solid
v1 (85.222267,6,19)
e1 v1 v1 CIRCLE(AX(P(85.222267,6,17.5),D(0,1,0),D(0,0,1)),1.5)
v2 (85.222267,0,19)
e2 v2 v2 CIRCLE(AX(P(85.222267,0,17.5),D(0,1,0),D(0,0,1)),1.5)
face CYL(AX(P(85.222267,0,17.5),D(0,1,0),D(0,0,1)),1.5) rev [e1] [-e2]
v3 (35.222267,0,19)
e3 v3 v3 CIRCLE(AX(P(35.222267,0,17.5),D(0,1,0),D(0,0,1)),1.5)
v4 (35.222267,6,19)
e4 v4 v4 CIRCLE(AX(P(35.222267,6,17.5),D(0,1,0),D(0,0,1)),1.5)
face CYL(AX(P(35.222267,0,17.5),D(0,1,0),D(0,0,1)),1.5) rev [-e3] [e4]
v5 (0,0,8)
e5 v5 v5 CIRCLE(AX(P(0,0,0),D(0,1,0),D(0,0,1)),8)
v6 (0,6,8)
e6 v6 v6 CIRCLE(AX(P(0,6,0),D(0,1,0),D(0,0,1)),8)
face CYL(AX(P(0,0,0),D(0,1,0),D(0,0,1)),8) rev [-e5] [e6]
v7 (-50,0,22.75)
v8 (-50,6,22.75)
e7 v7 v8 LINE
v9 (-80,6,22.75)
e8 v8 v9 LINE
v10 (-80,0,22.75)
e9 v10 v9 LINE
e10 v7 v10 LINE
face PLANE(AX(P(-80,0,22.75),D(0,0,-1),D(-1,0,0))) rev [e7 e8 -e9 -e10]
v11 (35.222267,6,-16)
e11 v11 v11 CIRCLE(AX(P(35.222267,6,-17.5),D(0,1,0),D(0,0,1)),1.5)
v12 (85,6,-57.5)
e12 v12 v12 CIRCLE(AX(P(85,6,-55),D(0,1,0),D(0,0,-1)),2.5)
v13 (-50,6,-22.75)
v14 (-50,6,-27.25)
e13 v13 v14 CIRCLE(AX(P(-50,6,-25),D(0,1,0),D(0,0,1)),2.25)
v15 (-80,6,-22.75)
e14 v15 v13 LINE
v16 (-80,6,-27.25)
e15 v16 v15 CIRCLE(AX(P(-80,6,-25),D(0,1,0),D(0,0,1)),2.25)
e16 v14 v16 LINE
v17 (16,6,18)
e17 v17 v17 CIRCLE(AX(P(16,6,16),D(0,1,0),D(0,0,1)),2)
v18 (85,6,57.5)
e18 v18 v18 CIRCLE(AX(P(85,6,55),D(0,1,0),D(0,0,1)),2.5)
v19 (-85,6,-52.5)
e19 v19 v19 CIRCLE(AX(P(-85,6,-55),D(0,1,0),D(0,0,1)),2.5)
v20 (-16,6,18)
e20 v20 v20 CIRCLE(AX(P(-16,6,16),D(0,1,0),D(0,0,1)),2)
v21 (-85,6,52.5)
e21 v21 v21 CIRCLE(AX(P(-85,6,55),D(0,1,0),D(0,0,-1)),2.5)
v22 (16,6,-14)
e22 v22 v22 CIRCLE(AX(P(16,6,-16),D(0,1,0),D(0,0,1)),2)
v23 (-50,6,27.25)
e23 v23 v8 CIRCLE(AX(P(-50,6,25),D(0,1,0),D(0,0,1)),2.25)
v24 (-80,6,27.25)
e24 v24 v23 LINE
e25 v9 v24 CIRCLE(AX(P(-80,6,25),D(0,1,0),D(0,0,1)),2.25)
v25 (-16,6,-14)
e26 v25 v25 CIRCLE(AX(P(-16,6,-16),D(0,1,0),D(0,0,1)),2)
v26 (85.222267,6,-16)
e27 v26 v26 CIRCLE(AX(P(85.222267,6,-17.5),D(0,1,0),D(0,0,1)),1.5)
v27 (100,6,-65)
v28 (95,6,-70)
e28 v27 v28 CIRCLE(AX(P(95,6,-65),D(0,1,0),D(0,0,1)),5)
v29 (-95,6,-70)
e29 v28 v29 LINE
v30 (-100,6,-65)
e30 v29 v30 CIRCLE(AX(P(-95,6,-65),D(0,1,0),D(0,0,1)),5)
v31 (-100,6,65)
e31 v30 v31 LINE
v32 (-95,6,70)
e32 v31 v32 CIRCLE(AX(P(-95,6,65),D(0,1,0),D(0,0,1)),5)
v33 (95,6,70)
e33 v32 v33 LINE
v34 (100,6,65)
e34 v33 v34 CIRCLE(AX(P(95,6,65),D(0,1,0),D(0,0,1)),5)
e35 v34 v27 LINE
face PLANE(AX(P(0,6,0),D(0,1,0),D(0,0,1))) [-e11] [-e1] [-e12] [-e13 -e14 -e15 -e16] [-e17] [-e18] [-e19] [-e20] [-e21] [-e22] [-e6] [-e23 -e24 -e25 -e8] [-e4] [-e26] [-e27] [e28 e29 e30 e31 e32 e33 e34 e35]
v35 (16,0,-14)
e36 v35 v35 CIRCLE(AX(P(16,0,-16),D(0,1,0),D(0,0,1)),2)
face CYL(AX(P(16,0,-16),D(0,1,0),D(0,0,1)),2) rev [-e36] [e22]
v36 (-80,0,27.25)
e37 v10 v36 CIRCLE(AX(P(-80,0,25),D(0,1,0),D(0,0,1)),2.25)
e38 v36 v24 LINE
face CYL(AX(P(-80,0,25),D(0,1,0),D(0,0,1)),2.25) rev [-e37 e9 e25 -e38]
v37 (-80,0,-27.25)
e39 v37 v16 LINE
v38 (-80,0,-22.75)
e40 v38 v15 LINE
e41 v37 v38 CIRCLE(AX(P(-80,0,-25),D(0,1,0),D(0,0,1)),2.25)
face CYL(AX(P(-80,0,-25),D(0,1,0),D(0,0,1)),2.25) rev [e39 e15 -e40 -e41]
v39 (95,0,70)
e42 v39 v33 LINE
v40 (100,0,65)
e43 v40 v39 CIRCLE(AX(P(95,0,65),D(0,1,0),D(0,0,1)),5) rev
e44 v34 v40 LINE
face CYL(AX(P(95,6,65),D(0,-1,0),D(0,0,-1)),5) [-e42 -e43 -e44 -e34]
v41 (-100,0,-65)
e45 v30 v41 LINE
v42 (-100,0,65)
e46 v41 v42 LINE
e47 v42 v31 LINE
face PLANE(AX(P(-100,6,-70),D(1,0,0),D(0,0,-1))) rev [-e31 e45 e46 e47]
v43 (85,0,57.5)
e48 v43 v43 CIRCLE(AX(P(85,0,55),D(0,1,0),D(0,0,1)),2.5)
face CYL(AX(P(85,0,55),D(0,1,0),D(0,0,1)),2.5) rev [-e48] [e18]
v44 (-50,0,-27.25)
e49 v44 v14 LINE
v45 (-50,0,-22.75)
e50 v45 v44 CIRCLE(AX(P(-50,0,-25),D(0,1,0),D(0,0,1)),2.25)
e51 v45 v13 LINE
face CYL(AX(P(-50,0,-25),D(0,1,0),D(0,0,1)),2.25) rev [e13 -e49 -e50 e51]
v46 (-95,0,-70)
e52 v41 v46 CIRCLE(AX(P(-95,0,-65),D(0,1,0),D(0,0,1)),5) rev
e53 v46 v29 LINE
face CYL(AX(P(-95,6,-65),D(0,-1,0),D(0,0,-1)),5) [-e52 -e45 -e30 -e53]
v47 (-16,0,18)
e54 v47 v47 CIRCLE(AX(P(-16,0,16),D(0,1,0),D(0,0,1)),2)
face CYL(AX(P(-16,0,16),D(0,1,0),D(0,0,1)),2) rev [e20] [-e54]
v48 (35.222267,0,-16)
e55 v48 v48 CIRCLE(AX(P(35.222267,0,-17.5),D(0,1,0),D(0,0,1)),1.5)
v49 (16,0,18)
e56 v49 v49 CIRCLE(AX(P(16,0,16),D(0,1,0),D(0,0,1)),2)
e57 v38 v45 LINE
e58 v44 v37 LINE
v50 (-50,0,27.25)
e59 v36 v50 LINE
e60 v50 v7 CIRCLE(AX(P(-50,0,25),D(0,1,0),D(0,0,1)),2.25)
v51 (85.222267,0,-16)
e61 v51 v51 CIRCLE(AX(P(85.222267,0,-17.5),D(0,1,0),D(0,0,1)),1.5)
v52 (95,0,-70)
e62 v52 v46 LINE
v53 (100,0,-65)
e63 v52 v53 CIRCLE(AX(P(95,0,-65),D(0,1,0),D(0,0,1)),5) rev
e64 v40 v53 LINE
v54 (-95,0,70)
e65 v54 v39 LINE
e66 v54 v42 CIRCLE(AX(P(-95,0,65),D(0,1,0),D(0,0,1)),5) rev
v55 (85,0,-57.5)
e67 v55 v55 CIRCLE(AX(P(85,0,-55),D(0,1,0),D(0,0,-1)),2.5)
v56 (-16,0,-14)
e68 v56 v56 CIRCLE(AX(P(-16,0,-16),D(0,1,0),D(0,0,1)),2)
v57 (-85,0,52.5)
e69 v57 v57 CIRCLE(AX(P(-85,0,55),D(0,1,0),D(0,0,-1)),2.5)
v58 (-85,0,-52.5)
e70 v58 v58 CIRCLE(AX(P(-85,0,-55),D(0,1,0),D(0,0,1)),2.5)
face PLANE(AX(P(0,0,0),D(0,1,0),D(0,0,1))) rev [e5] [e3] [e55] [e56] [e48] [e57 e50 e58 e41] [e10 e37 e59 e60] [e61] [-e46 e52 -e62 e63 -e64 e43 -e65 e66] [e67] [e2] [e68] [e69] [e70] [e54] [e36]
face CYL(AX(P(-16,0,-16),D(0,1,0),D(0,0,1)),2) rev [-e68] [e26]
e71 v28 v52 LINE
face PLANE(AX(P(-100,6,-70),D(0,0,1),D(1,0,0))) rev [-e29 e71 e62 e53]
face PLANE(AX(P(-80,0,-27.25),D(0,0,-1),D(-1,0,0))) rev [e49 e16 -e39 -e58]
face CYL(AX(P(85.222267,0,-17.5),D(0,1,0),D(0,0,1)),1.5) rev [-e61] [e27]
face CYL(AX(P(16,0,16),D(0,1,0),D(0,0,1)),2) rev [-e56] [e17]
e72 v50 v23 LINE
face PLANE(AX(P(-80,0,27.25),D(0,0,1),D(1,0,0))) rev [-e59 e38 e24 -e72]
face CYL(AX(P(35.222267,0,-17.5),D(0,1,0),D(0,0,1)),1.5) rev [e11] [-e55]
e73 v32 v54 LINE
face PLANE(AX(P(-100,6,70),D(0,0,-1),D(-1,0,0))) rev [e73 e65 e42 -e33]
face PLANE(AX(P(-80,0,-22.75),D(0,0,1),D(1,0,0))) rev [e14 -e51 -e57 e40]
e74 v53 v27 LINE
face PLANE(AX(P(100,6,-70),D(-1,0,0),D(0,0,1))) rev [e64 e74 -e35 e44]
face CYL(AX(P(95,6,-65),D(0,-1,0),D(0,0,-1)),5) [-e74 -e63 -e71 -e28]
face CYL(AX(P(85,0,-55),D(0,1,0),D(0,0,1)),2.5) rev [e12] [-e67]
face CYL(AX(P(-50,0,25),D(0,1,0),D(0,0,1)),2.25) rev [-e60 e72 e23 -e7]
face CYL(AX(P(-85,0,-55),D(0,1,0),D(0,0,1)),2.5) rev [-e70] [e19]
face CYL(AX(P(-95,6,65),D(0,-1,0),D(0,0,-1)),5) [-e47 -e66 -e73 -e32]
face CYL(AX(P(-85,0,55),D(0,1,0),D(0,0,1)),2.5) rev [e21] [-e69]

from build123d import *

# Parameters (mm, degrees)
SKETCH2_W           = 200
SKETCH2_H           = 140
BOSS_EXTRUDE1_DEPTH = 6
FILLET1_R           = 5
SKETCH3_R           = 2.5
CUT_EXTRUDE1_DEPTH  = 123.21292894
SKETCH4_R           = 8
CUT_EXTRUDE2_DEPTH  = 123.21292894
SKETCH5_R           = 2
CUT_EXTRUDE3_DEPTH  = 123.21292894
CUT_EXTRUDE4_DEPTH  = 123.21292894
SKETCH7_R           = 1.5
CUT_EXTRUDE5_DEPTH  = 123.21292894


with BuildPart() as part:
    # Sketch2 → Boss-Extrude1 (new body)
    with BuildSketch(Plane(origin=(0, 0, 0), x_dir=(1, 0, 0), z_dir=(0, 1, 0))):
        Rectangle(SKETCH2_W, SKETCH2_H)
    extrude(amount=BOSS_EXTRUDE1_DEPTH)

    # Fillet1
    fillet1_edges = [part.edges().sort_by_distance(p)[0] for p in [
        (100, 3, 70),
        (-100, 3, 70),
        (-100, 3, -70),
        (100, 3, -70),
    ]]
    fillet(fillet1_edges, radius=FILLET1_R)

    # Sketch3 → Cut-Extrude1 (cut, through all)
    with BuildSketch(Plane(origin=(0, 6, 0), x_dir=(1, 0, 0), z_dir=(0, 1, 0))):
        with Locations(Location((-85, 55, 0), (0, 0, 270))):
            Circle(SKETCH3_R)
        with Locations(Location((-85, -55, 0), (0, 0, 90))):
            Circle(SKETCH3_R)
        with Locations(Location((85, -55, 0), (0, 0, 270))):
            Circle(SKETCH3_R)
        with Locations(Location((85, 55, 0), (0, 0, 90))):
            Circle(SKETCH3_R)
    extrude(amount=-CUT_EXTRUDE1_DEPTH, mode=Mode.SUBTRACT)

    # Sketch4 → Cut-Extrude2 (cut, through all)
    with BuildSketch(Plane(origin=(0, 6, 0), x_dir=(1, 0, 0), z_dir=(0, 1, 0))):
        with Locations(Location((0, 0, 0), (0, 0, 270))):
            Circle(SKETCH4_R)
    extrude(amount=-CUT_EXTRUDE2_DEPTH, mode=Mode.SUBTRACT)

    # Sketch5 → Cut-Extrude3 (cut, through all)
    with BuildSketch(Plane(origin=(0, 6, 0), x_dir=(1, 0, 0), z_dir=(0, 1, 0))):
        with Locations(Location((16, 16, 0), (0, 0, 270))):
            Circle(SKETCH5_R)
        with Locations(Location((16, -16, 0), (0, 0, 270))):
            Circle(SKETCH5_R)
        with Locations(Location((-16, -16, 0), (0, 0, 270))):
            Circle(SKETCH5_R)
        with Locations(Location((-16, 16, 0), (0, 0, 270))):
            Circle(SKETCH5_R)
    extrude(amount=-CUT_EXTRUDE3_DEPTH, mode=Mode.SUBTRACT)

    # Sketch6 → Cut-Extrude4 (cut, through all)
    with BuildSketch(Plane(origin=(0, 6, 0), x_dir=(1, 0, 0), z_dir=(0, 1, 0))):
        with BuildLine():
            Line((-80, 27.25), (-50, 27.25))
            ThreePointArc((-50, 27.25), (-47.75, 25), (-50, 22.75))
            Line((-50, 22.75), (-80, 22.75))
            ThreePointArc((-80, 22.75), (-82.25, 25), (-80, 27.25))
        make_face()
        with BuildLine():
            Line((-80, -22.75), (-50, -22.75))
            ThreePointArc((-50, -22.75), (-47.75, -25), (-50, -27.25))
            Line((-50, -27.25), (-80, -27.25))
            ThreePointArc((-80, -27.25), (-82.25, -25), (-80, -22.75))
        make_face()
    extrude(amount=-CUT_EXTRUDE4_DEPTH, mode=Mode.SUBTRACT)

    # Sketch7 → Cut-Extrude5 (cut, through all)
    with BuildSketch(Plane(origin=(0, 6, 0), x_dir=(1, 0, 0), z_dir=(0, 1, 0))):
        with Locations(Location((35.22226737, -17.5, 0), (0, 0, 270))):
            Circle(SKETCH7_R)
        with Locations(Location((35.22226737, 17.5, 0), (0, 0, 270))):
            Circle(SKETCH7_R)
        with Locations(Location((85.22226737, 17.5, 0), (0, 0, 270))):
            Circle(SKETCH7_R)
        with Locations(Location((85.22226737, -17.5, 0), (0, 0, 270))):
            Circle(SKETCH7_R)
    extrude(amount=-CUT_EXTRUDE5_DEPTH, mode=Mode.SUBTRACT)


solid = part.part
